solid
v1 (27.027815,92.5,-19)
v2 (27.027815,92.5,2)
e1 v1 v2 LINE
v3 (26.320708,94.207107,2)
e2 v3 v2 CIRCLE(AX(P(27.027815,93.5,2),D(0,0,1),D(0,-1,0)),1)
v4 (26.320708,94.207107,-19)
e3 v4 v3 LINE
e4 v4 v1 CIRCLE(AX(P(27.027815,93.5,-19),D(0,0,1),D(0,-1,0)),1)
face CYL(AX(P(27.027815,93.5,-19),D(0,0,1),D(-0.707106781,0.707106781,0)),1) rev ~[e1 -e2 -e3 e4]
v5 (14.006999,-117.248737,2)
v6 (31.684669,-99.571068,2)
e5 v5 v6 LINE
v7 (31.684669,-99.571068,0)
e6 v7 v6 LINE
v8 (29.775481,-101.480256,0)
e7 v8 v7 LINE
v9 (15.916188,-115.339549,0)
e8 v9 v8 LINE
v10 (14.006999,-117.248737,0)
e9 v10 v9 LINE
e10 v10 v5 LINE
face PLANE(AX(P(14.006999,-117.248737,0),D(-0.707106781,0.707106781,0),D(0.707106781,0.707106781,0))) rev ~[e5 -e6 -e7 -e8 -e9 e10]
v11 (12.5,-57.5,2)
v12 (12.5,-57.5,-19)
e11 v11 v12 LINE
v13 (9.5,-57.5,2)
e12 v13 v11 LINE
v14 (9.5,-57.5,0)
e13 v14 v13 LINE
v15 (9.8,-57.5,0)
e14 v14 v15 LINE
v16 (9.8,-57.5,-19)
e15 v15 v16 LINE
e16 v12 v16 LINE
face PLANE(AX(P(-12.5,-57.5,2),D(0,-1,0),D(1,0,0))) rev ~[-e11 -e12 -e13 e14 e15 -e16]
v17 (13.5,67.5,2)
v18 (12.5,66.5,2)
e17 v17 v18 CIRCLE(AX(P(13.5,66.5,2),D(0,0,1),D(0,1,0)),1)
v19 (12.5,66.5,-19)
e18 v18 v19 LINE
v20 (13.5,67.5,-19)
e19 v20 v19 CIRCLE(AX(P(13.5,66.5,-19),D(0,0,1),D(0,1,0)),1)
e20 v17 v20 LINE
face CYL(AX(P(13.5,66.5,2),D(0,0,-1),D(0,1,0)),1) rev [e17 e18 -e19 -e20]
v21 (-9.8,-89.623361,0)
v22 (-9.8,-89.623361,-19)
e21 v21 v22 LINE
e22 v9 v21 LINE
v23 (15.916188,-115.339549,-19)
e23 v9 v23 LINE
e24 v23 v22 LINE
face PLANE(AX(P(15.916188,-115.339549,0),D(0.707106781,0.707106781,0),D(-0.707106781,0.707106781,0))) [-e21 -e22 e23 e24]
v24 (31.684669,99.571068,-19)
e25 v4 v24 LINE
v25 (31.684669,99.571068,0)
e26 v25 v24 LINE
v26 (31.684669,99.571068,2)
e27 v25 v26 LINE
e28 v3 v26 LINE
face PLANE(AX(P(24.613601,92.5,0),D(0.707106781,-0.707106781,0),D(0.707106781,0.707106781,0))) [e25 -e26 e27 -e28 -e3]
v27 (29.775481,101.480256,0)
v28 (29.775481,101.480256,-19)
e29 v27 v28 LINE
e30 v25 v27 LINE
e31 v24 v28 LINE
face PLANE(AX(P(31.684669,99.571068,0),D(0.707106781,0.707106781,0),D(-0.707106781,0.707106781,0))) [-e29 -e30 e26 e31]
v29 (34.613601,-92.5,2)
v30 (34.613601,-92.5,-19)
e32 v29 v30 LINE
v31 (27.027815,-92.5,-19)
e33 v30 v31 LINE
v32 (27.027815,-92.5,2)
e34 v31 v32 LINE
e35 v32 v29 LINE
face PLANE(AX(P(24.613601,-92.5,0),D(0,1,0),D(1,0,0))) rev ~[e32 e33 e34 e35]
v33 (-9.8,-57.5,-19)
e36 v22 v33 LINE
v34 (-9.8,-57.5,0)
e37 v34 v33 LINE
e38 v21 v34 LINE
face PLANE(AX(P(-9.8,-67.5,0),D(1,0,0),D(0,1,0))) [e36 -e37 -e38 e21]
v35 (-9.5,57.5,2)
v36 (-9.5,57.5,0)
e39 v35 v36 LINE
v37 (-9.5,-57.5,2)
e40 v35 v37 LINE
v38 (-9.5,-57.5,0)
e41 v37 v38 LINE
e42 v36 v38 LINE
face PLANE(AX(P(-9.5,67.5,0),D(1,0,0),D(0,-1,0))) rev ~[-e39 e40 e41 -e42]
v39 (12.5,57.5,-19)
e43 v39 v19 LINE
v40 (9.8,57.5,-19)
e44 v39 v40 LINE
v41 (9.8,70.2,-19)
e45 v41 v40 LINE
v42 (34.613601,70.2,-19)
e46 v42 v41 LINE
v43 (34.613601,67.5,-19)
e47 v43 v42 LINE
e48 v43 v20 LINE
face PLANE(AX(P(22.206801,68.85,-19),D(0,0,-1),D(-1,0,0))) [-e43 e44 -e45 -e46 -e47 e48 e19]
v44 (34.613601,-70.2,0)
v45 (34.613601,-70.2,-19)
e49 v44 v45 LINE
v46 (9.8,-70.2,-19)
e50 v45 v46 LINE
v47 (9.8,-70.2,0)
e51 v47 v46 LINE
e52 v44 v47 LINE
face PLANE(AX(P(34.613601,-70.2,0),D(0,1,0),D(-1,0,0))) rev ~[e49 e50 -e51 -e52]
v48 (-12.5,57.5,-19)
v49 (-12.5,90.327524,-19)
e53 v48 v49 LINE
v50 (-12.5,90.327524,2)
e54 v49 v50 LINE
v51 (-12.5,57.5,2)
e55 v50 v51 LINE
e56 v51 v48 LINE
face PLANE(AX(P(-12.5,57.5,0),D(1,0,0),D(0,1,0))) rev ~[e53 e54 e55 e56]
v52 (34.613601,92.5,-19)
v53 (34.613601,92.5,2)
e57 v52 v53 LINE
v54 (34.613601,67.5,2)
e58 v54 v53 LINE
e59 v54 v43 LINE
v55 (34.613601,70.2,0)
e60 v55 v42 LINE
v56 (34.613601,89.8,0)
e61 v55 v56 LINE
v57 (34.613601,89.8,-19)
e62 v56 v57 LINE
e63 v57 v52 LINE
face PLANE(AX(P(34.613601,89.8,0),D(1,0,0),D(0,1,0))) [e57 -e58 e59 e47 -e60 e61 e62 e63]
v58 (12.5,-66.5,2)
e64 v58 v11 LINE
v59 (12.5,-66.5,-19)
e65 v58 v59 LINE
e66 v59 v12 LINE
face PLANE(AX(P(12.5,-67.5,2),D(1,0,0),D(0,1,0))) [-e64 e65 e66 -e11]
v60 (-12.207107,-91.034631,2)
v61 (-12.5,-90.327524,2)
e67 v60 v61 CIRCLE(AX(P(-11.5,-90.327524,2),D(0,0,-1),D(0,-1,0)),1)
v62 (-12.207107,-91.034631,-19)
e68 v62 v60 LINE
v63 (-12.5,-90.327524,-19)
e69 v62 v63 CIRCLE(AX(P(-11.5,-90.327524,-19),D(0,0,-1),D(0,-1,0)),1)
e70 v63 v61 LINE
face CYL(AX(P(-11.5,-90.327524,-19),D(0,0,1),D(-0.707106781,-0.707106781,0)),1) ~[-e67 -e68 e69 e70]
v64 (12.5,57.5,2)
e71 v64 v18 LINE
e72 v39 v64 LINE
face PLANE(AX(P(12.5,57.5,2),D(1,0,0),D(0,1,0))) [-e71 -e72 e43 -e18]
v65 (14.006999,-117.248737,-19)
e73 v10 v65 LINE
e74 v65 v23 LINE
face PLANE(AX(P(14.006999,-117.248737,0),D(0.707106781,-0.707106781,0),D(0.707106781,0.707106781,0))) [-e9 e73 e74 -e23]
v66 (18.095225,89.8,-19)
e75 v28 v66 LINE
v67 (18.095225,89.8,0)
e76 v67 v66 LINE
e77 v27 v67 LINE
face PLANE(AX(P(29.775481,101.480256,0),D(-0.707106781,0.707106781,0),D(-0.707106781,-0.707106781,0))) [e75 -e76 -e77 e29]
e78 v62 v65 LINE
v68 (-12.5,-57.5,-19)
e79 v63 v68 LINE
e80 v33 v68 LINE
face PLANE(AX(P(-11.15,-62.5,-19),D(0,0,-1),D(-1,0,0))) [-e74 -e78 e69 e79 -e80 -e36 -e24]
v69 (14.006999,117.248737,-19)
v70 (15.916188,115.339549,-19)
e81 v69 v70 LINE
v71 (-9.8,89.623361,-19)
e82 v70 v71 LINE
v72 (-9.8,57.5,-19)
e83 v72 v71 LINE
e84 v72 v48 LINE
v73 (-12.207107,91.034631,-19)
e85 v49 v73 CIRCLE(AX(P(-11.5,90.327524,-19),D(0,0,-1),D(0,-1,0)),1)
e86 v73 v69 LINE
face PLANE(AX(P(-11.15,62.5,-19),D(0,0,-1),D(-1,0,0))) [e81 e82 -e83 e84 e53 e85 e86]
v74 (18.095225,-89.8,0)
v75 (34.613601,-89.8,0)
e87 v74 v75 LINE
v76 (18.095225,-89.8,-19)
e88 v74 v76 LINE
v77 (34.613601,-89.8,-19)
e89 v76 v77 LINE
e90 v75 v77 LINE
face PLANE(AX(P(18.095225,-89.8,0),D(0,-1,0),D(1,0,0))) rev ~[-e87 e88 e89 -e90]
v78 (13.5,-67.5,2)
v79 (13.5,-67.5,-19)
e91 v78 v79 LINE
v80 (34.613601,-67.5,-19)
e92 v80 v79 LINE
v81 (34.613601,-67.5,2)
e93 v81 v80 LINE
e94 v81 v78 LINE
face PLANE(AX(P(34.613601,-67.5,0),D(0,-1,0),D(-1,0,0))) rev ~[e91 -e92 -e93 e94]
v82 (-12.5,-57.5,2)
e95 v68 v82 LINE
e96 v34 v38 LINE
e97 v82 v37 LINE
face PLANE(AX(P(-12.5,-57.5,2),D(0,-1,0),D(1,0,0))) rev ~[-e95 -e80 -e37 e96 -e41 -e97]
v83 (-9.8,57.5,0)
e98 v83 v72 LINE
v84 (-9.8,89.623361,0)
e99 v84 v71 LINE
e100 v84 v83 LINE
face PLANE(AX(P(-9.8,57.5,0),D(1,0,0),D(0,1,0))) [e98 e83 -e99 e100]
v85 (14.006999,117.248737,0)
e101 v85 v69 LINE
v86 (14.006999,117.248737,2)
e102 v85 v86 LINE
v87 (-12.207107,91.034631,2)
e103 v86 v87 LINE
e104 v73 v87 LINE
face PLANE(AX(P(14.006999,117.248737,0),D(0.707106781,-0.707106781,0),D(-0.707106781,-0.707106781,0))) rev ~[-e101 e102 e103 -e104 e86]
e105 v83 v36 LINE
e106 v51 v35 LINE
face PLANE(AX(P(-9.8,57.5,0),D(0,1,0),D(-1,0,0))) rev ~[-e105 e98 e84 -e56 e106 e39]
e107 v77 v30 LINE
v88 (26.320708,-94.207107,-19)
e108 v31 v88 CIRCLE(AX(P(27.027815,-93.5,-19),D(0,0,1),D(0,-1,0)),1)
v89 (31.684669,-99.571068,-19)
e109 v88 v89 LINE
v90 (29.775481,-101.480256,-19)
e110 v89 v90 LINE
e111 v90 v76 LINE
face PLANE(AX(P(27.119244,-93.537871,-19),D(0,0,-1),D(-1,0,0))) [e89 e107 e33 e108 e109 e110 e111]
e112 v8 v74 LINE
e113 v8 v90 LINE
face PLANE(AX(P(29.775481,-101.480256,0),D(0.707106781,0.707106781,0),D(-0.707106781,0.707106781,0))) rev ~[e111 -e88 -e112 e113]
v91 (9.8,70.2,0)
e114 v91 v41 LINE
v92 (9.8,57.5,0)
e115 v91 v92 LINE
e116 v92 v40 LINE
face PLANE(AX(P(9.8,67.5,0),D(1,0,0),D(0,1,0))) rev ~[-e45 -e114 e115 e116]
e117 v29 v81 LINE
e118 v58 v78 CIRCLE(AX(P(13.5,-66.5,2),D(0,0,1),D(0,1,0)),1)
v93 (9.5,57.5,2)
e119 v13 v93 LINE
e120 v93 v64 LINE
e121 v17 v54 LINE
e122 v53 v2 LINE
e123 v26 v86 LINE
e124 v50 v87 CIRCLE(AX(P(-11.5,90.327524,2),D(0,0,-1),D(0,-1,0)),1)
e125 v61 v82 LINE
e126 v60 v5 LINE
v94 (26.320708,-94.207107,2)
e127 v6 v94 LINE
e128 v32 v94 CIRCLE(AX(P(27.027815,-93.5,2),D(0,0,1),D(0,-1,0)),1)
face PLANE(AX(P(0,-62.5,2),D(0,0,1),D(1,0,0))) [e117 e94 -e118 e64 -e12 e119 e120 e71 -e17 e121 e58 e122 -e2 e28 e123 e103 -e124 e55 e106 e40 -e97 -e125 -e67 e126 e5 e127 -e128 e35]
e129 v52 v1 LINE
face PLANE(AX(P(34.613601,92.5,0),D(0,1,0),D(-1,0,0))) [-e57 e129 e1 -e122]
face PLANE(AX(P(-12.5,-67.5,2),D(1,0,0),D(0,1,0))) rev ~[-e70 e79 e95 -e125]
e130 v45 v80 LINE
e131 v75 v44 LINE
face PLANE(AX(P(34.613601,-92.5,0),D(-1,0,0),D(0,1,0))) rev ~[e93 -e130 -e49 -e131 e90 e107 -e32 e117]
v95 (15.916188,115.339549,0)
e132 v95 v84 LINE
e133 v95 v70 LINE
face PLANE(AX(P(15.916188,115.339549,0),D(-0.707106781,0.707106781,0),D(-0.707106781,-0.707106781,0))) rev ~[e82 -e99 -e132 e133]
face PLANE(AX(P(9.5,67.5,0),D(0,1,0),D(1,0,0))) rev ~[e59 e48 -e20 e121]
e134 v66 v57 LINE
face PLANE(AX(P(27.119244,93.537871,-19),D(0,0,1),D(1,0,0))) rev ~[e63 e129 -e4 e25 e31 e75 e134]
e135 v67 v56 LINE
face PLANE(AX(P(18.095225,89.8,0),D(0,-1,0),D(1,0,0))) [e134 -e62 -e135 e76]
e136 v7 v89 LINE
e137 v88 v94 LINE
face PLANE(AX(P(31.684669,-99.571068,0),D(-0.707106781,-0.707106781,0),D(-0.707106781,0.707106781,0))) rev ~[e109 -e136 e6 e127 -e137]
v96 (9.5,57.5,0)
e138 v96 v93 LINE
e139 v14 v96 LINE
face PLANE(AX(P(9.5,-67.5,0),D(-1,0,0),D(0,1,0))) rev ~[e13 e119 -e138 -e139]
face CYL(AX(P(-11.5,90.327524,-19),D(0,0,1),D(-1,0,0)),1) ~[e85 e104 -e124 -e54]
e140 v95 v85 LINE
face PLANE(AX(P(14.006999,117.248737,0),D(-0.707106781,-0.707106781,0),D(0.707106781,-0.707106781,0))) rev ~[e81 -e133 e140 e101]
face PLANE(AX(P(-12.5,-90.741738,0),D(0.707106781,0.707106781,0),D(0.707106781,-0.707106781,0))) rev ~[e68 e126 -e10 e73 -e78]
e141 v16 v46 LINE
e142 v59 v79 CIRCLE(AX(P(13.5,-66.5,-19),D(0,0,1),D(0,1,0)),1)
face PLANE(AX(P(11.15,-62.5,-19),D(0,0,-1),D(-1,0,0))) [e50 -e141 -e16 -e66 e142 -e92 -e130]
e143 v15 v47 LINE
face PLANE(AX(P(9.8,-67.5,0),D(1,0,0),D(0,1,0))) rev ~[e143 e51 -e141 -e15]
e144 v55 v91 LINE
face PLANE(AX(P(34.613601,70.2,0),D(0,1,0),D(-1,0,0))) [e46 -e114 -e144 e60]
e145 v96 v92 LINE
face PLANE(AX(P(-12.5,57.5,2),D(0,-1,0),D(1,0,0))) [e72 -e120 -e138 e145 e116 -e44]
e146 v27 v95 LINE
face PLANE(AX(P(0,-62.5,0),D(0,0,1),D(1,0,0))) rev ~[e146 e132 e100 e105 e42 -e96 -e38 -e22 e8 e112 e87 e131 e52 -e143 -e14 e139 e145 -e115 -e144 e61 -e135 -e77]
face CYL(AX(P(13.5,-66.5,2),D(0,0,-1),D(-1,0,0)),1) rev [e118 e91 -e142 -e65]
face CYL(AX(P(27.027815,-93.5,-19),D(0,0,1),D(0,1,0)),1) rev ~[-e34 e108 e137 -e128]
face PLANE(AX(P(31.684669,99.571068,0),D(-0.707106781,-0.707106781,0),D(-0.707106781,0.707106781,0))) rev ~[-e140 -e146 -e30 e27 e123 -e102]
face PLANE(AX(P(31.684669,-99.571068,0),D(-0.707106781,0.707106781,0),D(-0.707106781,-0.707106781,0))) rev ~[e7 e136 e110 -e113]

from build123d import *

# Parameters (mm, degrees)
BOSS_EXTRUDE1_DEPTH = 2
SKETCH2_W           = 24.813601178
SKETCH2_H           = 2.7
BOSS_EXTRUDE2_DEPTH = 19
SKETCH3_W           = 25
SKETCH3_H           = 10
BOSS_EXTRUDE3_DEPTH = 2
SKETCH4_W           = 2.7
SKETCH4_H           = 10
BOSS_EXTRUDE4_DEPTH = 19
FILLET1_R           = 1


with BuildPart() as part:
    # Sketch1 → Boss-Extrude1 (new body)
    with BuildSketch(Plane.XY):
        Polygon((-9.5, -67.5), (-12.5, -67.5), (-12.5, -90.741737881), (14.006999461, -117.248737342), (31.68466899, -99.571067812), (24.613601178, -92.5), (34.613601178, -92.5), (34.613601178, -67.5), (9.5, -67.5), (9.5, 67.5), (34.613601178, 67.5), (34.613601178, 92.5), (24.613601178, 92.5), (31.68466899, 99.571067812), (14.006999461, 117.248737342), (-12.5, 90.741737881), (-12.5, 67.5), (-9.5, 67.5), align=None)
    extrude(amount=BOSS_EXTRUDE1_DEPTH)

    # Sketch2 → Boss-Extrude2 (add)
    with BuildSketch(Plane(origin=(0, 0, 0), x_dir=(-1, 0, 0), z_dir=(0, 0, -1))):
        Polygon((-34.613601178, 89.8), (-34.613601178, 92.5), (-24.613601178, 92.5), (-31.68466899, 99.571067812), (-29.775480681, 101.480256121), (-18.09522456, 89.8), align=None)
        with Locations((-22.206800589, 68.85)):
            Rectangle(SKETCH2_W, SKETCH2_H)
        Polygon((9.8, 67.5), (12.5, 67.5), (12.5, 90.741737881), (-14.006999461, 117.248737342), (-15.91618777, 115.339549032), (9.8, 89.623361262), align=None)
        Polygon((-31.68466899, -99.571067812), (-29.775480681, -101.480256121), (-18.09522456, -89.8), (-34.613601178, -89.8), (-34.613601178, -92.5), (-24.613601178, -92.5), align=None)
        with Locations((-22.206800589, -68.85)):
            Rectangle(SKETCH2_W, SKETCH2_H)
        Polygon((-14.006999461, -117.248737342), (-15.91618777, -115.339549032), (9.8, -89.623361262), (9.8, -67.5), (12.5, -67.5), (12.5, -90.741737881), align=None)
    extrude(amount=BOSS_EXTRUDE2_DEPTH)

    # Sketch3 → Boss-Extrude3 (add)
    with BuildSketch(Plane.XY.offset(2)):
        with Locations((0, -62.5)):
            Rectangle(SKETCH3_W, SKETCH3_H)
        with Locations((0, 62.5)):
            Rectangle(SKETCH3_W, SKETCH3_H)
    extrude(amount=-BOSS_EXTRUDE3_DEPTH)

    # Sketch4 → Boss-Extrude4 (add)
    with BuildSketch(Plane(origin=(0, 0, 0), x_dir=(-1, 0, 0), z_dir=(0, 0, -1))):
        with Locations((11.15, 62.5)):
            Rectangle(SKETCH4_W, SKETCH4_H)
        with Locations((-11.15, 62.5)):
            Rectangle(SKETCH4_W, SKETCH4_H)
        with Locations((11.15, -62.5)):
            Rectangle(SKETCH4_W, SKETCH4_H)
        with Locations((-11.15, -62.5)):
            Rectangle(SKETCH4_W, SKETCH4_H)
    extrude(amount=BOSS_EXTRUDE4_DEPTH)

    # Fillet1
    fillet1_edges = [part.edges().sort_by_distance(p)[0] for p in [
        (12.5, -67.5, -8.5),
        (12.5, 67.5, -8.5),
        (-12.5, 90.741737881, -8.5),
        (24.613601178, 92.5, -8.5),
        (24.613601178, -92.5, -8.5),
        (-12.5, -90.741737881, -8.5),
    ]]
    fillet(fillet1_edges, radius=FILLET1_R)


solid = part.part
